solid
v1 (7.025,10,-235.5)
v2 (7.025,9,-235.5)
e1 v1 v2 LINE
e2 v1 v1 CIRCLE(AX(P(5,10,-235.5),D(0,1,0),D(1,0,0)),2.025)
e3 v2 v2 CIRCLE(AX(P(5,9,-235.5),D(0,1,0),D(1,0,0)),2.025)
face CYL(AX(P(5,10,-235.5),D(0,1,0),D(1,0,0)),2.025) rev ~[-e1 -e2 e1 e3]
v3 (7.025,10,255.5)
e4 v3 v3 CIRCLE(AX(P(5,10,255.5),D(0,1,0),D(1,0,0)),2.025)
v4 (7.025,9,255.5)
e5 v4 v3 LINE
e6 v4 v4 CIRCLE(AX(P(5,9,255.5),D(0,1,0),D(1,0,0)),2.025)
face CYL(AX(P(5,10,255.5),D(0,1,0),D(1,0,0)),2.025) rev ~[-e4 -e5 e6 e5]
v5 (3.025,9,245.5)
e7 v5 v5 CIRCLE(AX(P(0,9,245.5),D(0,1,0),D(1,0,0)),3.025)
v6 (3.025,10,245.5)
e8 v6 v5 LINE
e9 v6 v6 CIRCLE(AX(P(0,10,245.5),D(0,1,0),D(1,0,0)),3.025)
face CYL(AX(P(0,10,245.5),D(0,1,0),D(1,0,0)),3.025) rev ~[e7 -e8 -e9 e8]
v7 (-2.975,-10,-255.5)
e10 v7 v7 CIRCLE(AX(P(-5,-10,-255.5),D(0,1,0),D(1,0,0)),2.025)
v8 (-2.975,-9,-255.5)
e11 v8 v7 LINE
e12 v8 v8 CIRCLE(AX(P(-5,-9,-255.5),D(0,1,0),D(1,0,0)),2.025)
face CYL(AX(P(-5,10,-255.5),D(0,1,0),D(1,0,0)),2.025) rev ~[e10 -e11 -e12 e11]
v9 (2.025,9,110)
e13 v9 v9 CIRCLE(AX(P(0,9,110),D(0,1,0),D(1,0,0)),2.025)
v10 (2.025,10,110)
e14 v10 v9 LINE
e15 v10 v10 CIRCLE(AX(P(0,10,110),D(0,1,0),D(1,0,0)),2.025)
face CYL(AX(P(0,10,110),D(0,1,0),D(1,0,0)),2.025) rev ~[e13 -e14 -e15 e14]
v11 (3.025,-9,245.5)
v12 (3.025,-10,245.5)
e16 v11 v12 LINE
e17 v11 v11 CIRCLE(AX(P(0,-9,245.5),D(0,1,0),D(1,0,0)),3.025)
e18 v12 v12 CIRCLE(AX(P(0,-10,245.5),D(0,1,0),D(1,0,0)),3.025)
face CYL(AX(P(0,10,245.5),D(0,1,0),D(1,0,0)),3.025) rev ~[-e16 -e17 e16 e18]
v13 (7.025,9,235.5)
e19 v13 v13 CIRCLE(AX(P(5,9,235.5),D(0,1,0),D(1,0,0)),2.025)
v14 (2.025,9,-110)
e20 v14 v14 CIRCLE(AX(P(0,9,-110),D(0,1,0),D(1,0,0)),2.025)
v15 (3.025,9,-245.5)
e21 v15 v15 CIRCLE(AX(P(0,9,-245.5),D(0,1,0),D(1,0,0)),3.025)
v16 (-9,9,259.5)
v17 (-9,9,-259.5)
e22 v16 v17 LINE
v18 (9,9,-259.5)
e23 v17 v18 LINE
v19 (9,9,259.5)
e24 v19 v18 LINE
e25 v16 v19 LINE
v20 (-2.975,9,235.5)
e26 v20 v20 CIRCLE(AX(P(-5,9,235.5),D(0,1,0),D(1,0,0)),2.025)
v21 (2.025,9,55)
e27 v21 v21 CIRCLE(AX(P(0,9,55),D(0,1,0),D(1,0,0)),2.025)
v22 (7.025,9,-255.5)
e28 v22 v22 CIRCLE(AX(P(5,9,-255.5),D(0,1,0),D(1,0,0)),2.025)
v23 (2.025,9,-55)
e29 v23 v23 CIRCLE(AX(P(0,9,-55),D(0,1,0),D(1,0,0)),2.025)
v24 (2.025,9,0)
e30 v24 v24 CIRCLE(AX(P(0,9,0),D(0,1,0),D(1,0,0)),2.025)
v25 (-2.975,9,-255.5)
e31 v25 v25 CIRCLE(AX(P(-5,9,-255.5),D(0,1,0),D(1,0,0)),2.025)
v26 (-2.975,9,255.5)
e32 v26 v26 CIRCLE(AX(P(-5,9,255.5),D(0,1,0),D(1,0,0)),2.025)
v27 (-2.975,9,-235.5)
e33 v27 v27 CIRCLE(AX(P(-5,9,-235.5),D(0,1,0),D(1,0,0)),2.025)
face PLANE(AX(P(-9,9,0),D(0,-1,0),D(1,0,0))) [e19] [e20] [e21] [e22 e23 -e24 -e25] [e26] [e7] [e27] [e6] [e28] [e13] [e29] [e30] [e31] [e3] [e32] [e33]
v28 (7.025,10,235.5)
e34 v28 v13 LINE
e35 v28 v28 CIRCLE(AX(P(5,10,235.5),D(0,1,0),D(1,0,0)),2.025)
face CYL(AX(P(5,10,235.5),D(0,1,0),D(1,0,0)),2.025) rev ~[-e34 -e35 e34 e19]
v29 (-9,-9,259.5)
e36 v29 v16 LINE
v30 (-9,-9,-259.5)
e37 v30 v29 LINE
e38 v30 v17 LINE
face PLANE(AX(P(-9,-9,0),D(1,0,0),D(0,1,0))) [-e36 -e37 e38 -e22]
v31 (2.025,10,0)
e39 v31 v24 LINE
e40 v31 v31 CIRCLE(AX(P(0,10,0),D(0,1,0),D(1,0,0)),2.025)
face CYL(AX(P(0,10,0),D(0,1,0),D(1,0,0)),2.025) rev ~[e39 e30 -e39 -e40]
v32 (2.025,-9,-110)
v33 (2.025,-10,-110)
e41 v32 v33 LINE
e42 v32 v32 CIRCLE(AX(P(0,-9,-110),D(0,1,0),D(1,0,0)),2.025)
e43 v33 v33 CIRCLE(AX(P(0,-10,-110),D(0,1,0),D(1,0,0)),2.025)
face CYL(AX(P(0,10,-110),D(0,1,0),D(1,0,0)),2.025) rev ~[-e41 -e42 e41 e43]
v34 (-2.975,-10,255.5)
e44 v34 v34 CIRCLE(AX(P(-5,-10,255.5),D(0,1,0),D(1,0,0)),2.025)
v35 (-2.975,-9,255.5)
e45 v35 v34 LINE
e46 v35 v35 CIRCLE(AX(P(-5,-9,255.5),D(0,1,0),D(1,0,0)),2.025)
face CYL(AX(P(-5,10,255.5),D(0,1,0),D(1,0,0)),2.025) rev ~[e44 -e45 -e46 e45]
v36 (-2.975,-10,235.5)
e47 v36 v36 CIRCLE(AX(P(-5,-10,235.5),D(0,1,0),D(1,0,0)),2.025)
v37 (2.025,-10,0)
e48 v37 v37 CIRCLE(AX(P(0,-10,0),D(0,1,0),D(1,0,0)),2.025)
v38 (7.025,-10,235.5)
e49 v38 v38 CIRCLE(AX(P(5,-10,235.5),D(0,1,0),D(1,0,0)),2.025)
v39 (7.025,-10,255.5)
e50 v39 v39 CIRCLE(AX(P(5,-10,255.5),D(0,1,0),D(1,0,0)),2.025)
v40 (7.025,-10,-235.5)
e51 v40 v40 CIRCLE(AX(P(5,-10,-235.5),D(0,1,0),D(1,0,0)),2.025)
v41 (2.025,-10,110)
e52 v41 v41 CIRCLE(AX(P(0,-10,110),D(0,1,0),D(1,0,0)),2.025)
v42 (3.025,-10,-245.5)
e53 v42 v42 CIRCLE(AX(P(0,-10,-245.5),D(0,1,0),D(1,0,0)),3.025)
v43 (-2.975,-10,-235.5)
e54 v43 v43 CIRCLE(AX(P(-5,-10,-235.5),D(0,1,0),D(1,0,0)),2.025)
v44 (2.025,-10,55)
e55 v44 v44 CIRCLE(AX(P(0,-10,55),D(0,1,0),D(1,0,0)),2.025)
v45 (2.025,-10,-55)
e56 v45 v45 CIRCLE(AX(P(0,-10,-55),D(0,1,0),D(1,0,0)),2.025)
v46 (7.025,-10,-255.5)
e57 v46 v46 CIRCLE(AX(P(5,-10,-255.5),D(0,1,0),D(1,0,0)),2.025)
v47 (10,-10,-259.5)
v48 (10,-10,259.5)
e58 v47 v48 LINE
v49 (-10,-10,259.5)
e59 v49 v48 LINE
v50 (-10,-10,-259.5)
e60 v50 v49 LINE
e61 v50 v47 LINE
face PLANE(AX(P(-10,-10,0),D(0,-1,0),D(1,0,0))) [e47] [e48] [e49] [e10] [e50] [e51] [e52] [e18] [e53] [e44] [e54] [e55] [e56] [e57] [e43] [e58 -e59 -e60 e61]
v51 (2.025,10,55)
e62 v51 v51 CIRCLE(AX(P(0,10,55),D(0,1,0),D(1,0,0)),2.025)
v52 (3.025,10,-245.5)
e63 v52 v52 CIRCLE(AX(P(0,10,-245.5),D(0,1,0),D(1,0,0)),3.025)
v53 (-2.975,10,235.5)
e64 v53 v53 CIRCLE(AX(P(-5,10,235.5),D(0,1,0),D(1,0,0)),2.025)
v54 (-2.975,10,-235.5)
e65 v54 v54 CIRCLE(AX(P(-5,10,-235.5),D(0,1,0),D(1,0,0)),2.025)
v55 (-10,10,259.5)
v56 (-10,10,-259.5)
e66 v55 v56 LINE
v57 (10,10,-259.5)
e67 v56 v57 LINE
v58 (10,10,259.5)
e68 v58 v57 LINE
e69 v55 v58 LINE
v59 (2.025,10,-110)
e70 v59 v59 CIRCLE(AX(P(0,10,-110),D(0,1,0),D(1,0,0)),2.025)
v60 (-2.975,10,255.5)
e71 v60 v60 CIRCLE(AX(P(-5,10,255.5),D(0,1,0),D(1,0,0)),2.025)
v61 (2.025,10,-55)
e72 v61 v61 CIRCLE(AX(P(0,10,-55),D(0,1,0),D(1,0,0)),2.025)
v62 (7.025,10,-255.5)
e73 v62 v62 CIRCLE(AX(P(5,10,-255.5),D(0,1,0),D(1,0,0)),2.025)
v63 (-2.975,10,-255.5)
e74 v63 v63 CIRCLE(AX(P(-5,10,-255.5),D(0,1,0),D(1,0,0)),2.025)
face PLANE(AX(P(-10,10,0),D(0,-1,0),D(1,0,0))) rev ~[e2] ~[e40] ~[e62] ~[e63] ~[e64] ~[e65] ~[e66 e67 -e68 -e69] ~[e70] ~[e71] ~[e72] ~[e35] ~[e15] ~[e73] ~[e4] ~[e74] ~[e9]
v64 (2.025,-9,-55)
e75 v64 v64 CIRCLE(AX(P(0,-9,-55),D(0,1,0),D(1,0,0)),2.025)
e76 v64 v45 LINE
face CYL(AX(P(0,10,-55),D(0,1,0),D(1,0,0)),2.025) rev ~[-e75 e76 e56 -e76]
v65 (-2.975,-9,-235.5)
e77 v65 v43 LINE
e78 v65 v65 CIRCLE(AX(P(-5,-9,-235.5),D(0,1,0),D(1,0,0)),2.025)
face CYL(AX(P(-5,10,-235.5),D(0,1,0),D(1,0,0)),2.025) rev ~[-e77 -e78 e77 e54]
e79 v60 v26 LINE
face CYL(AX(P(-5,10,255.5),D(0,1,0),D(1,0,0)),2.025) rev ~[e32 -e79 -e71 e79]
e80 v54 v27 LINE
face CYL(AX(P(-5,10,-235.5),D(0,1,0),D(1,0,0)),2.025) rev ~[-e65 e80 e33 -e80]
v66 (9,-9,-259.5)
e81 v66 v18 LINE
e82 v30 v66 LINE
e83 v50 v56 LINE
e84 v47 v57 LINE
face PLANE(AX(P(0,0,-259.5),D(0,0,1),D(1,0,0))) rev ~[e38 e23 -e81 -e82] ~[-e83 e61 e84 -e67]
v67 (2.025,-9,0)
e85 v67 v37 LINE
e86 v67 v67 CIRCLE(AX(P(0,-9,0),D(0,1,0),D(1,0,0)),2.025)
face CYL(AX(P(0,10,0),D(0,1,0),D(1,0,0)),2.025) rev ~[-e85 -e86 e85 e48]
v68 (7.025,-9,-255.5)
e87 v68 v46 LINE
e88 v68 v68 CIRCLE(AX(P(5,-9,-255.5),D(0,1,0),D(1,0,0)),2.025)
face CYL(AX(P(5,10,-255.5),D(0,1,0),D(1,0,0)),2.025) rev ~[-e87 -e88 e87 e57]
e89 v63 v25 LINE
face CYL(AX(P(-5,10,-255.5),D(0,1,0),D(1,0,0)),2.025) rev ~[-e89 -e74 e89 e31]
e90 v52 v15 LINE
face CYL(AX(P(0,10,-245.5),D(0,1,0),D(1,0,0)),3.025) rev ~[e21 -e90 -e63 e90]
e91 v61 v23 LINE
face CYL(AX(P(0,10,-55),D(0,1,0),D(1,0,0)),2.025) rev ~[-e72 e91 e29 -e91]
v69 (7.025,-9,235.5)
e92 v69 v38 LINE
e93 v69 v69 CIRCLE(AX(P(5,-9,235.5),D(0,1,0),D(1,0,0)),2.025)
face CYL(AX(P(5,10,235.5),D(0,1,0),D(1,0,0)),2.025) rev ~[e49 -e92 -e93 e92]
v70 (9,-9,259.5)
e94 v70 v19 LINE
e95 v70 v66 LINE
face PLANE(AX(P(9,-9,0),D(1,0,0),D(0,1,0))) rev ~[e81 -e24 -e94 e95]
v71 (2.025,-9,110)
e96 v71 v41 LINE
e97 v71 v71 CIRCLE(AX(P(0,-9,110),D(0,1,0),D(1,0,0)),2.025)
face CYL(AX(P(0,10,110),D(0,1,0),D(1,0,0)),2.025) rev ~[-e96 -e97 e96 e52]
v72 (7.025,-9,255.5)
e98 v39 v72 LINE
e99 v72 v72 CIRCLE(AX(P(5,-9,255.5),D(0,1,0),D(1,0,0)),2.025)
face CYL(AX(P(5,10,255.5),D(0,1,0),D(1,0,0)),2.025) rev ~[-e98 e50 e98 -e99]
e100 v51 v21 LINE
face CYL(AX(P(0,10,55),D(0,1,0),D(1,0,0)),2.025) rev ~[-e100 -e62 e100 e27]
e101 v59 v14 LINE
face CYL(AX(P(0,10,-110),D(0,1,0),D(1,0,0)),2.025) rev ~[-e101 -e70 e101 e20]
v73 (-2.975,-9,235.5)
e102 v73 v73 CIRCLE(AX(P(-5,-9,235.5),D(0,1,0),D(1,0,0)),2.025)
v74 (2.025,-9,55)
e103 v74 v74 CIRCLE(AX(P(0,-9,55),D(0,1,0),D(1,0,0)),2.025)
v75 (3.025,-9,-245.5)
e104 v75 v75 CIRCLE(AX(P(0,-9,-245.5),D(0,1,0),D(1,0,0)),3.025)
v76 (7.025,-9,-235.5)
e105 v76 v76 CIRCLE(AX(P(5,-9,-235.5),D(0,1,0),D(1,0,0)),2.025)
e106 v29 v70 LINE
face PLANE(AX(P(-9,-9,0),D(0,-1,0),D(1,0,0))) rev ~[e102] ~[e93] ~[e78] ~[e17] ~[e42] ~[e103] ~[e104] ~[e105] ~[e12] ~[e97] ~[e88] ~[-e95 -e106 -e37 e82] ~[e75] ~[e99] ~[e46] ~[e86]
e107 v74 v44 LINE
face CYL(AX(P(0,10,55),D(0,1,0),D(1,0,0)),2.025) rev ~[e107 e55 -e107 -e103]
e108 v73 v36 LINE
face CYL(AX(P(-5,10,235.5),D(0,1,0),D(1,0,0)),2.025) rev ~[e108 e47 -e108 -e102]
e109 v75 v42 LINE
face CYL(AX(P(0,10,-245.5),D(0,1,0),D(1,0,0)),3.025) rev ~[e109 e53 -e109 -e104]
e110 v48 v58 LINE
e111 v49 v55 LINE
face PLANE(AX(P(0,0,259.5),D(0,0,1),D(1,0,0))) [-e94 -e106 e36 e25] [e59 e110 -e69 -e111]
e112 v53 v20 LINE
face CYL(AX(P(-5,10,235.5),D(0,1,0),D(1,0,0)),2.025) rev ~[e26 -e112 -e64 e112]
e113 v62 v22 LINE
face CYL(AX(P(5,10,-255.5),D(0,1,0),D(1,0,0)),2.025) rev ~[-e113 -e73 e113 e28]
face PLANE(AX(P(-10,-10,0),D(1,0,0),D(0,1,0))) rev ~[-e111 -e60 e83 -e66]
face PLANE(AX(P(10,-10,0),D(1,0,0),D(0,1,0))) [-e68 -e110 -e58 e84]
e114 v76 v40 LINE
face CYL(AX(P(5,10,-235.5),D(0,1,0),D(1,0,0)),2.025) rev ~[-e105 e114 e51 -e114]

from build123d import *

# Parameters (mm, degrees)
SKETCH_1_W          = 20
SKETCH_1_H          = 20
SKETCH_1_W_2        = 18
SKETCH_1_H_2        = 18
EXTRUDE_1_DEPTH     = 259.5
SKETCH_2_R          = 2.025
SKETCH_2_R_2        = 3.025
CUT_EXTRUDE_1_DEPTH = 20
SKETCH_3_R          = 2.025
CUT_EXTRUDE_2_DEPTH = 20


with BuildPart() as part:
    # 草图1 → 凸台-拉伸1 (new body, symmetric)
    with BuildSketch(Plane.XY):
        Rectangle(SKETCH_1_W, SKETCH_1_H)
        Rectangle(SKETCH_1_W_2, SKETCH_1_H_2, mode=Mode.SUBTRACT)
    extrude(amount=EXTRUDE_1_DEPTH, both=True)

    # 草图2 → 切除-拉伸1 (cut, symmetric)
    with BuildSketch(Plane(origin=(0, 10, 0), x_dir=(1, 0, 0), z_dir=(0, 1, 0))):
        with Locations((-5, 255.5)):
            Circle(SKETCH_2_R)
        with Locations((5, 255.5)):
            Circle(SKETCH_2_R)
        with Locations((-5, 235.5)):
            Circle(SKETCH_2_R)
        with Locations((5, 235.5)):
            Circle(SKETCH_2_R)
        with Locations((0, 245.5)):
            Circle(SKETCH_2_R_2)
        with Locations((5, -235.5)):
            Circle(SKETCH_2_R)
        with Locations((-5, -235.5)):
            Circle(SKETCH_2_R)
        with Locations((-5, -255.5)):
            Circle(SKETCH_2_R)
        with Locations((0, -245.5)):
            Circle(SKETCH_2_R_2)
        with Locations((5, -255.5)):
            Circle(SKETCH_2_R)
    extrude(amount=CUT_EXTRUDE_1_DEPTH, both=True, mode=Mode.SUBTRACT)

    # 草图3 → 切除-拉伸2 (cut)
    with BuildSketch(Plane(origin=(0, 10, 0), x_dir=(1, 0, 0), z_dir=(0, 1, 0))):
        with Locations((0, 110)):
            Circle(SKETCH_3_R)
        with Locations((0, 55)):
            Circle(SKETCH_3_R)
        Circle(SKETCH_3_R)
        with Locations((0, -55)):
            Circle(SKETCH_3_R)
        with Locations((0, -110)):
            Circle(SKETCH_3_R)
    extrude(amount=-CUT_EXTRUDE_2_DEPTH, mode=Mode.SUBTRACT)


solid = part.part
